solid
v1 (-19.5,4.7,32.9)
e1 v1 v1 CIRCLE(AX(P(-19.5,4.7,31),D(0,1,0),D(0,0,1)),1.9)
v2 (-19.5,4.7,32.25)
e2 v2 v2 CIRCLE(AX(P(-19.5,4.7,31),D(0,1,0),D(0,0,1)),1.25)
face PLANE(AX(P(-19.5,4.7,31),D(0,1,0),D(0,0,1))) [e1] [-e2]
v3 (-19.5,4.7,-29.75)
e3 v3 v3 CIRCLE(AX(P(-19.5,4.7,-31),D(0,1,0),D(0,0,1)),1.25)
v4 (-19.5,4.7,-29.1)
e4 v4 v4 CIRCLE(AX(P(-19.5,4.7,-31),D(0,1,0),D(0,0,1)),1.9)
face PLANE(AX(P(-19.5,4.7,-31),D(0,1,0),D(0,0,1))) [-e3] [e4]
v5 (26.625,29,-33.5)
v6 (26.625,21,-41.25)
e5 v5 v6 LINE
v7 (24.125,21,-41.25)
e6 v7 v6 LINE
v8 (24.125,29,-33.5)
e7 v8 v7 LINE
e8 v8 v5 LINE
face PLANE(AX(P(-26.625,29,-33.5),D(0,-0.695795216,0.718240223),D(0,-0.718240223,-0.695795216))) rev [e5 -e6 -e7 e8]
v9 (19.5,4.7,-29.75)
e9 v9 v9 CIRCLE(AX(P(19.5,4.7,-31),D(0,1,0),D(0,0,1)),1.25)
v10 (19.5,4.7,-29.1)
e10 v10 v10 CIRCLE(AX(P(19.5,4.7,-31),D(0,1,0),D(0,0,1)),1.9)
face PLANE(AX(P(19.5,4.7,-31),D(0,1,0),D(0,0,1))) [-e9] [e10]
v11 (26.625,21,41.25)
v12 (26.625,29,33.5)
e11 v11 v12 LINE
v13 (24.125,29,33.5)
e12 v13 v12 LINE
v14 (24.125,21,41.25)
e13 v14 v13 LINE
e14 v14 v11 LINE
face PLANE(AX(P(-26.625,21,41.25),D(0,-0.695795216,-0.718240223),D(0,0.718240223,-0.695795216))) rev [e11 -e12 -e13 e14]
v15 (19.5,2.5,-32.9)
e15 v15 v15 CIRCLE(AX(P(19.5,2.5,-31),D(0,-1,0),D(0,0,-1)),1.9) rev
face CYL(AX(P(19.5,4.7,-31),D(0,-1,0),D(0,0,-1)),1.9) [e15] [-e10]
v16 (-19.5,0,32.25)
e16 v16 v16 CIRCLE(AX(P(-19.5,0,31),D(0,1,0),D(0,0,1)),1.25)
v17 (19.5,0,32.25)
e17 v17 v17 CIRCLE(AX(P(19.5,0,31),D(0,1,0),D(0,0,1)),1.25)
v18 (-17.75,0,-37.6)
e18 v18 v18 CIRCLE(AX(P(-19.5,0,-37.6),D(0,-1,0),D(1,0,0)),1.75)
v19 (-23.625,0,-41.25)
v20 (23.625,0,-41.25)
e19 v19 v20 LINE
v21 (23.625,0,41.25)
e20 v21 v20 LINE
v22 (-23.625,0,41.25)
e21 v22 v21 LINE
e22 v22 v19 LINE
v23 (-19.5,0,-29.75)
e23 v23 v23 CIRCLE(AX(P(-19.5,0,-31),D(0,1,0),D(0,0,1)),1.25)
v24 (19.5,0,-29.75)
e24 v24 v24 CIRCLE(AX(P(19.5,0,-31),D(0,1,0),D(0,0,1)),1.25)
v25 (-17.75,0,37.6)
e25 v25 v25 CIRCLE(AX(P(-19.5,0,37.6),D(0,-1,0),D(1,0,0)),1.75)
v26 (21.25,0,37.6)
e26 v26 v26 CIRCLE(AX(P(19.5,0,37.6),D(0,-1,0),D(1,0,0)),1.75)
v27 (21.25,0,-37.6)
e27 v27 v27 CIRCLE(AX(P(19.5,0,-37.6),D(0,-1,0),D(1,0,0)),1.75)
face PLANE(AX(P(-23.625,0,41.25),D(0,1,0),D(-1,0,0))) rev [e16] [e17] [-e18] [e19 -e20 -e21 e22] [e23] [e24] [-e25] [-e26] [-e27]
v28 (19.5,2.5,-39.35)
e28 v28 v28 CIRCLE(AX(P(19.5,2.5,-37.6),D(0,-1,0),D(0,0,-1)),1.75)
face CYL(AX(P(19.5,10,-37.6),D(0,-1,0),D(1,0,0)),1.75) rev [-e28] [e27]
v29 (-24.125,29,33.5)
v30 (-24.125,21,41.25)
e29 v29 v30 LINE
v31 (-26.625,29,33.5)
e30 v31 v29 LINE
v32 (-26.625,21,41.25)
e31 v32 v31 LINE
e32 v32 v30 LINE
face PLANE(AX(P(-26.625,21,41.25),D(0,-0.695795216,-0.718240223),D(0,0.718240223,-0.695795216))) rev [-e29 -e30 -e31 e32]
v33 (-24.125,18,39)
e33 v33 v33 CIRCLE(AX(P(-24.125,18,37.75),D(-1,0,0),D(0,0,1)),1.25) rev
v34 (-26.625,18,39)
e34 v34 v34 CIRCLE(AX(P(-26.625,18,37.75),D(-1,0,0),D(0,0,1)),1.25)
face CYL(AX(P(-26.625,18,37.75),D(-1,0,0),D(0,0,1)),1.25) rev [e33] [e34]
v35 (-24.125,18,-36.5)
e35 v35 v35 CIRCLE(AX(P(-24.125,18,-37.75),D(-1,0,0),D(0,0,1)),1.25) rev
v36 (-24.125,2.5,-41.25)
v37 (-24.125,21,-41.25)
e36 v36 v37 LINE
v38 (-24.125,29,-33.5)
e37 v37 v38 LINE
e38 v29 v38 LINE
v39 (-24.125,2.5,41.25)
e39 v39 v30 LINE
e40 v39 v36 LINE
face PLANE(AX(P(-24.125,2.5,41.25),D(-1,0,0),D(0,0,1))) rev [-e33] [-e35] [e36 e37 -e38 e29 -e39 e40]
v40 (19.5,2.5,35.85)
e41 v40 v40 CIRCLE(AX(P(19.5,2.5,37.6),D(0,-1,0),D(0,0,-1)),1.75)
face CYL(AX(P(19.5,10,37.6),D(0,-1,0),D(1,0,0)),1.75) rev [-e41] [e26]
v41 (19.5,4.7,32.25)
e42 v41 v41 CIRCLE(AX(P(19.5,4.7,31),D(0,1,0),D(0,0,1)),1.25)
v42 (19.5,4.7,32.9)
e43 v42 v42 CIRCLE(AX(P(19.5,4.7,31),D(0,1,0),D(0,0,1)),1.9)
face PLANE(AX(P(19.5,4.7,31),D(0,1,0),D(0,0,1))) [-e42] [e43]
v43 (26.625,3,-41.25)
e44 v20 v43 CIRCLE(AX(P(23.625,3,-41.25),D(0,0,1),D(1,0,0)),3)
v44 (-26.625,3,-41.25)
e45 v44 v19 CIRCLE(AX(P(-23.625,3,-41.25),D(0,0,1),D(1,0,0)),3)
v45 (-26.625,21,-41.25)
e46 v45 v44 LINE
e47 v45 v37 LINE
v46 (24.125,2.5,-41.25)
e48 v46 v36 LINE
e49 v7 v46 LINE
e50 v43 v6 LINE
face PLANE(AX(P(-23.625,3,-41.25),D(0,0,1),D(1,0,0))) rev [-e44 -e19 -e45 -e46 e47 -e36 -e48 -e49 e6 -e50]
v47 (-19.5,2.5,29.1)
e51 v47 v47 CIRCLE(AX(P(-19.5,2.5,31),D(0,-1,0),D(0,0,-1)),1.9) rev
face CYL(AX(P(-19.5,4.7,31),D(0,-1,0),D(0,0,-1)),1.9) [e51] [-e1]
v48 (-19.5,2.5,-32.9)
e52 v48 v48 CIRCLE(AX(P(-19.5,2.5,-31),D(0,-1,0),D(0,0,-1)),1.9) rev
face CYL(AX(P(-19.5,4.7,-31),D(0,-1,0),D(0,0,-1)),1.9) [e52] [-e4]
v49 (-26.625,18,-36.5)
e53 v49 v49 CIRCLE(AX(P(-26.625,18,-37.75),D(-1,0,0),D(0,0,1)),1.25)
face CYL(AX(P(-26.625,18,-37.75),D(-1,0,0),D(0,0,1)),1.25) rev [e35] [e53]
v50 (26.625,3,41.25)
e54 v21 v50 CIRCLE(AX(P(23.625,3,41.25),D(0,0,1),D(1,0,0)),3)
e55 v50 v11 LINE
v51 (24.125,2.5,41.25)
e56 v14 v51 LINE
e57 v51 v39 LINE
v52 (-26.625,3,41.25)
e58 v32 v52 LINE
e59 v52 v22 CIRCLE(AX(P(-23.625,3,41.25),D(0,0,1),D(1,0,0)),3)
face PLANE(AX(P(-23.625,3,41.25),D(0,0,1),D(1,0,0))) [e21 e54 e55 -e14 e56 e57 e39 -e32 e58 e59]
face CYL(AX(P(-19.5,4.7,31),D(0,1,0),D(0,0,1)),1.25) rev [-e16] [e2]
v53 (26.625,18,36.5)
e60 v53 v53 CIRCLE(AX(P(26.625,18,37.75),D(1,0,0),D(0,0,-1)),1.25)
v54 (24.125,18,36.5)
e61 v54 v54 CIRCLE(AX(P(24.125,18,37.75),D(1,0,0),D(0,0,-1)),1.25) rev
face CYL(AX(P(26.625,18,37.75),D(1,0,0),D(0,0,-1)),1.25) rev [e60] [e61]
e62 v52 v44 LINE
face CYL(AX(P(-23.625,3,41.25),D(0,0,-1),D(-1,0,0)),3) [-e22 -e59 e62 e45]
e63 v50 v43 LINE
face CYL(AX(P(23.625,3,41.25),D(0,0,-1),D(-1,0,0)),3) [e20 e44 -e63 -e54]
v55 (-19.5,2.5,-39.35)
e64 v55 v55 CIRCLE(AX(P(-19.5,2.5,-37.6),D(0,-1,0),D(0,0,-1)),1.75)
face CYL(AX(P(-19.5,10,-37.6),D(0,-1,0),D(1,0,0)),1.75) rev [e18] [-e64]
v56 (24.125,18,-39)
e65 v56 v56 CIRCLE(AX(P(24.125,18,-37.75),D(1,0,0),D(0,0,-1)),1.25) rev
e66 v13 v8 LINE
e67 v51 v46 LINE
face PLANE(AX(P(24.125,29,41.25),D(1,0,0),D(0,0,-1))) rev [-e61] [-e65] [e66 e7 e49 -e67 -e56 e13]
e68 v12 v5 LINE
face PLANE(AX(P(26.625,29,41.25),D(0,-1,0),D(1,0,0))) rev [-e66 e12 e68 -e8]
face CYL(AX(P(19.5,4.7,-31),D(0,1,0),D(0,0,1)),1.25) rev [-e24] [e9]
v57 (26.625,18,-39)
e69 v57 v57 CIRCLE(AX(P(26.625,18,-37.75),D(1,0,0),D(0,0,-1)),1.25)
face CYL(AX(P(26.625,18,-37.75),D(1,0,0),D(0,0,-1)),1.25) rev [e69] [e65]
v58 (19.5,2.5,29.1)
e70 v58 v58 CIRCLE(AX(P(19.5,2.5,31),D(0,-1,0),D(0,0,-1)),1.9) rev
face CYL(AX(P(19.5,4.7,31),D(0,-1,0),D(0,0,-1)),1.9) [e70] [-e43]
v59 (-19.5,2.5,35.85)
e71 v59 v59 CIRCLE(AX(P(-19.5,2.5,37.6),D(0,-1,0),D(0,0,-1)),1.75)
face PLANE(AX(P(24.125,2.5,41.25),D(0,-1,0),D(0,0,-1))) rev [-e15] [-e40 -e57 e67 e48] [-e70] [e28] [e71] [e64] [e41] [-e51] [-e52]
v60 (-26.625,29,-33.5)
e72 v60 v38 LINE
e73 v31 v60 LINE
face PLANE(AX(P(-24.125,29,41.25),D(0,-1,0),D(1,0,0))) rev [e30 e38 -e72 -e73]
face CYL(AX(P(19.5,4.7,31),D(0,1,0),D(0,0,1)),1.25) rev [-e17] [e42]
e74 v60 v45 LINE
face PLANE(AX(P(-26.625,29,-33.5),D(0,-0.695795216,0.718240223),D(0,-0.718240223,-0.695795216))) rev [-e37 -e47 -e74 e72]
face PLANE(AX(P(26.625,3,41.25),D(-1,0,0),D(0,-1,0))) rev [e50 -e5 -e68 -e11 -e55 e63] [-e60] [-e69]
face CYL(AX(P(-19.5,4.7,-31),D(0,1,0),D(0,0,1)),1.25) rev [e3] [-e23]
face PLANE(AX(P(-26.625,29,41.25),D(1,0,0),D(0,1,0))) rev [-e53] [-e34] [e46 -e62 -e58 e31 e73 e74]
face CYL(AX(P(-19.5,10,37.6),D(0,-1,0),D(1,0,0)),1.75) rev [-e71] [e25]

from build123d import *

# Parameters (mm, degrees)
EXTRUDE_1_DEPTH          = 41.25
CUT_EXTRUDE_1_DEPTH      = 58.02151458
CUT_EXTRUDE_1_DEPTH_BACK = 58.02151458
SKETCH_4_R               = 1.75
CUT_EXTRUDE_2_DEPTH      = 10
HOLE_WIZARD_M31_REACH    = 75.336
HOLE_WIZARD_M31_BORE_R   = 1.25
HOLE_WIZARD_M32_D        = 2.5
SKETCH_10_R              = 1.9
EXTRUDE_2_DEPTH          = 2.2
HOLE_WIZARD_M33_D        = 2.5


with BuildPart() as part:
    # Эскиз1 → Бобышка-Вытянуть1 (new, symmetric)
    with BuildSketch(Plane.XY):
        with BuildLine():
            Line((-26.625, 29), (-26.625, 3))
            ThreePointArc((-26.625, 3), (-25.746320344, 0.878679656), (-23.625, 0))
            Line((-23.625, 0), (23.625, 0))
            ThreePointArc((23.625, 0), (25.746320344, 0.878679656), (26.625, 3))
            Line((26.625, 3), (26.625, 29))
            Line((26.625, 29), (24.125, 29))
            Line((24.125, 29), (24.125, 2.5))
            Line((24.125, 2.5), (-24.125, 2.5))
            Line((-24.125, 2.5), (-24.125, 29))
            Line((-24.125, 29), (-26.625, 29))
        make_face()
    extrude(amount=EXTRUDE_1_DEPTH, both=True)

    # Эскиз3 → Вырез-Вытянуть1 (cut, two sides: drawn at the far end of the back side and taken through both)
    with BuildSketch(Plane(origin=(0, 0, 0), x_dir=(0, 0, -1), z_dir=(1, 0, 0)).offset(-CUT_EXTRUDE_1_DEPTH_BACK)):
        Polygon((41.25, 21), (41.25, 29), (33.5, 29), align=None)
        Polygon((-41.25, 21), (-41.25, 29), (-33.5, 29), align=None)
    extrude(amount=CUT_EXTRUDE_1_DEPTH + CUT_EXTRUDE_1_DEPTH_BACK, mode=Mode.SUBTRACT)

    # Эскиз4 → Вырез-Вытянуть2 (cut)
    with BuildSketch(Plane.XZ):
        with Locations((-19.5, -37.6)):
            Circle(SKETCH_4_R)
        with Locations((-19.5, 37.6)):
            Circle(SKETCH_4_R)
        with Locations((19.5, 37.6)):
            Circle(SKETCH_4_R)
        with Locations((19.5, -37.6)):
            Circle(SKETCH_4_R)
    extrude(amount=-CUT_EXTRUDE_2_DEPTH, mode=Mode.SUBTRACT)

    # Отверстие обработанное метчиком M31 bore → Отверстие обработанное метчиком M31 (cut, up to next)
    with BuildSketch(Plane(origin=(26.625, 0, 0), x_dir=(0, 0, -1), z_dir=(1, 0, 0)), mode=Mode.PRIVATE) as hole_wizard_m31_sk1:
        with Locations((37.75, 18)):
            Circle(HOLE_WIZARD_M31_BORE_R)
    hole_wizard_m31_tool1 = extrude(hole_wizard_m31_sk1.sketch, amount=-HOLE_WIZARD_M31_REACH, mode=Mode.PRIVATE) & part.part
    # Отверстие обработанное метчиком M31 bore → Отверстие обработанное метчиком M31 (cut, up to next)
    with BuildSketch(Plane(origin=(26.625, 0, 0), x_dir=(0, 0, -1), z_dir=(1, 0, 0)), mode=Mode.PRIVATE) as hole_wizard_m31_sk2:
        with Locations((-37.75, 18)):
            Circle(HOLE_WIZARD_M31_BORE_R)
    hole_wizard_m31_tool2 = extrude(hole_wizard_m31_sk2.sketch, amount=-HOLE_WIZARD_M31_REACH, mode=Mode.PRIVATE) & part.part
    add(hole_wizard_m31_tool1.solids().sort_by_distance((26.625, 18, -37.75))[0], mode=Mode.SUBTRACT)
    add(hole_wizard_m31_tool2.solids().sort_by_distance((26.625, 18, 37.75))[0], mode=Mode.SUBTRACT)

    # Отверстие обработанное метчиком M32 (through all)
    with Locations(Plane.ZY.offset(26.625)):
        with Locations((-37.75, 18), (37.75, 18)):
            Hole(HOLE_WIZARD_M32_D / 2)

    # Эскиз10 → Бобышка-Вытянуть2 (add)
    with BuildSketch(Plane(origin=(0, 2.5, 0), x_dir=(1, 0, 0), z_dir=(0, 1, 0))):
        with Locations(Location((19.5, 31, 0), (0, 0, 90))):
            Circle(SKETCH_10_R)
        with Locations(Location((19.5, -31, 0), (0, 0, 90))):
            Circle(SKETCH_10_R)
        with Locations(Location((-19.5, -31, 0), (0, 0, 90))):
            Circle(SKETCH_10_R)
        with Locations(Location((-19.5, 31, 0), (0, 0, 90))):
            Circle(SKETCH_10_R)
    extrude(amount=EXTRUDE_2_DEPTH)

    # Отверстие обработанное метчиком M33 (through all)
    with Locations(Plane(origin=(0, 4.7, 0), x_dir=(1, 0, 0), z_dir=(0, 1, 0))):
        with Locations((19.5, 31), (-19.5, 31), (19.5, -31), (-19.5, -31)):
            Hole(HOLE_WIZARD_M33_D / 2)


solid = part.part
